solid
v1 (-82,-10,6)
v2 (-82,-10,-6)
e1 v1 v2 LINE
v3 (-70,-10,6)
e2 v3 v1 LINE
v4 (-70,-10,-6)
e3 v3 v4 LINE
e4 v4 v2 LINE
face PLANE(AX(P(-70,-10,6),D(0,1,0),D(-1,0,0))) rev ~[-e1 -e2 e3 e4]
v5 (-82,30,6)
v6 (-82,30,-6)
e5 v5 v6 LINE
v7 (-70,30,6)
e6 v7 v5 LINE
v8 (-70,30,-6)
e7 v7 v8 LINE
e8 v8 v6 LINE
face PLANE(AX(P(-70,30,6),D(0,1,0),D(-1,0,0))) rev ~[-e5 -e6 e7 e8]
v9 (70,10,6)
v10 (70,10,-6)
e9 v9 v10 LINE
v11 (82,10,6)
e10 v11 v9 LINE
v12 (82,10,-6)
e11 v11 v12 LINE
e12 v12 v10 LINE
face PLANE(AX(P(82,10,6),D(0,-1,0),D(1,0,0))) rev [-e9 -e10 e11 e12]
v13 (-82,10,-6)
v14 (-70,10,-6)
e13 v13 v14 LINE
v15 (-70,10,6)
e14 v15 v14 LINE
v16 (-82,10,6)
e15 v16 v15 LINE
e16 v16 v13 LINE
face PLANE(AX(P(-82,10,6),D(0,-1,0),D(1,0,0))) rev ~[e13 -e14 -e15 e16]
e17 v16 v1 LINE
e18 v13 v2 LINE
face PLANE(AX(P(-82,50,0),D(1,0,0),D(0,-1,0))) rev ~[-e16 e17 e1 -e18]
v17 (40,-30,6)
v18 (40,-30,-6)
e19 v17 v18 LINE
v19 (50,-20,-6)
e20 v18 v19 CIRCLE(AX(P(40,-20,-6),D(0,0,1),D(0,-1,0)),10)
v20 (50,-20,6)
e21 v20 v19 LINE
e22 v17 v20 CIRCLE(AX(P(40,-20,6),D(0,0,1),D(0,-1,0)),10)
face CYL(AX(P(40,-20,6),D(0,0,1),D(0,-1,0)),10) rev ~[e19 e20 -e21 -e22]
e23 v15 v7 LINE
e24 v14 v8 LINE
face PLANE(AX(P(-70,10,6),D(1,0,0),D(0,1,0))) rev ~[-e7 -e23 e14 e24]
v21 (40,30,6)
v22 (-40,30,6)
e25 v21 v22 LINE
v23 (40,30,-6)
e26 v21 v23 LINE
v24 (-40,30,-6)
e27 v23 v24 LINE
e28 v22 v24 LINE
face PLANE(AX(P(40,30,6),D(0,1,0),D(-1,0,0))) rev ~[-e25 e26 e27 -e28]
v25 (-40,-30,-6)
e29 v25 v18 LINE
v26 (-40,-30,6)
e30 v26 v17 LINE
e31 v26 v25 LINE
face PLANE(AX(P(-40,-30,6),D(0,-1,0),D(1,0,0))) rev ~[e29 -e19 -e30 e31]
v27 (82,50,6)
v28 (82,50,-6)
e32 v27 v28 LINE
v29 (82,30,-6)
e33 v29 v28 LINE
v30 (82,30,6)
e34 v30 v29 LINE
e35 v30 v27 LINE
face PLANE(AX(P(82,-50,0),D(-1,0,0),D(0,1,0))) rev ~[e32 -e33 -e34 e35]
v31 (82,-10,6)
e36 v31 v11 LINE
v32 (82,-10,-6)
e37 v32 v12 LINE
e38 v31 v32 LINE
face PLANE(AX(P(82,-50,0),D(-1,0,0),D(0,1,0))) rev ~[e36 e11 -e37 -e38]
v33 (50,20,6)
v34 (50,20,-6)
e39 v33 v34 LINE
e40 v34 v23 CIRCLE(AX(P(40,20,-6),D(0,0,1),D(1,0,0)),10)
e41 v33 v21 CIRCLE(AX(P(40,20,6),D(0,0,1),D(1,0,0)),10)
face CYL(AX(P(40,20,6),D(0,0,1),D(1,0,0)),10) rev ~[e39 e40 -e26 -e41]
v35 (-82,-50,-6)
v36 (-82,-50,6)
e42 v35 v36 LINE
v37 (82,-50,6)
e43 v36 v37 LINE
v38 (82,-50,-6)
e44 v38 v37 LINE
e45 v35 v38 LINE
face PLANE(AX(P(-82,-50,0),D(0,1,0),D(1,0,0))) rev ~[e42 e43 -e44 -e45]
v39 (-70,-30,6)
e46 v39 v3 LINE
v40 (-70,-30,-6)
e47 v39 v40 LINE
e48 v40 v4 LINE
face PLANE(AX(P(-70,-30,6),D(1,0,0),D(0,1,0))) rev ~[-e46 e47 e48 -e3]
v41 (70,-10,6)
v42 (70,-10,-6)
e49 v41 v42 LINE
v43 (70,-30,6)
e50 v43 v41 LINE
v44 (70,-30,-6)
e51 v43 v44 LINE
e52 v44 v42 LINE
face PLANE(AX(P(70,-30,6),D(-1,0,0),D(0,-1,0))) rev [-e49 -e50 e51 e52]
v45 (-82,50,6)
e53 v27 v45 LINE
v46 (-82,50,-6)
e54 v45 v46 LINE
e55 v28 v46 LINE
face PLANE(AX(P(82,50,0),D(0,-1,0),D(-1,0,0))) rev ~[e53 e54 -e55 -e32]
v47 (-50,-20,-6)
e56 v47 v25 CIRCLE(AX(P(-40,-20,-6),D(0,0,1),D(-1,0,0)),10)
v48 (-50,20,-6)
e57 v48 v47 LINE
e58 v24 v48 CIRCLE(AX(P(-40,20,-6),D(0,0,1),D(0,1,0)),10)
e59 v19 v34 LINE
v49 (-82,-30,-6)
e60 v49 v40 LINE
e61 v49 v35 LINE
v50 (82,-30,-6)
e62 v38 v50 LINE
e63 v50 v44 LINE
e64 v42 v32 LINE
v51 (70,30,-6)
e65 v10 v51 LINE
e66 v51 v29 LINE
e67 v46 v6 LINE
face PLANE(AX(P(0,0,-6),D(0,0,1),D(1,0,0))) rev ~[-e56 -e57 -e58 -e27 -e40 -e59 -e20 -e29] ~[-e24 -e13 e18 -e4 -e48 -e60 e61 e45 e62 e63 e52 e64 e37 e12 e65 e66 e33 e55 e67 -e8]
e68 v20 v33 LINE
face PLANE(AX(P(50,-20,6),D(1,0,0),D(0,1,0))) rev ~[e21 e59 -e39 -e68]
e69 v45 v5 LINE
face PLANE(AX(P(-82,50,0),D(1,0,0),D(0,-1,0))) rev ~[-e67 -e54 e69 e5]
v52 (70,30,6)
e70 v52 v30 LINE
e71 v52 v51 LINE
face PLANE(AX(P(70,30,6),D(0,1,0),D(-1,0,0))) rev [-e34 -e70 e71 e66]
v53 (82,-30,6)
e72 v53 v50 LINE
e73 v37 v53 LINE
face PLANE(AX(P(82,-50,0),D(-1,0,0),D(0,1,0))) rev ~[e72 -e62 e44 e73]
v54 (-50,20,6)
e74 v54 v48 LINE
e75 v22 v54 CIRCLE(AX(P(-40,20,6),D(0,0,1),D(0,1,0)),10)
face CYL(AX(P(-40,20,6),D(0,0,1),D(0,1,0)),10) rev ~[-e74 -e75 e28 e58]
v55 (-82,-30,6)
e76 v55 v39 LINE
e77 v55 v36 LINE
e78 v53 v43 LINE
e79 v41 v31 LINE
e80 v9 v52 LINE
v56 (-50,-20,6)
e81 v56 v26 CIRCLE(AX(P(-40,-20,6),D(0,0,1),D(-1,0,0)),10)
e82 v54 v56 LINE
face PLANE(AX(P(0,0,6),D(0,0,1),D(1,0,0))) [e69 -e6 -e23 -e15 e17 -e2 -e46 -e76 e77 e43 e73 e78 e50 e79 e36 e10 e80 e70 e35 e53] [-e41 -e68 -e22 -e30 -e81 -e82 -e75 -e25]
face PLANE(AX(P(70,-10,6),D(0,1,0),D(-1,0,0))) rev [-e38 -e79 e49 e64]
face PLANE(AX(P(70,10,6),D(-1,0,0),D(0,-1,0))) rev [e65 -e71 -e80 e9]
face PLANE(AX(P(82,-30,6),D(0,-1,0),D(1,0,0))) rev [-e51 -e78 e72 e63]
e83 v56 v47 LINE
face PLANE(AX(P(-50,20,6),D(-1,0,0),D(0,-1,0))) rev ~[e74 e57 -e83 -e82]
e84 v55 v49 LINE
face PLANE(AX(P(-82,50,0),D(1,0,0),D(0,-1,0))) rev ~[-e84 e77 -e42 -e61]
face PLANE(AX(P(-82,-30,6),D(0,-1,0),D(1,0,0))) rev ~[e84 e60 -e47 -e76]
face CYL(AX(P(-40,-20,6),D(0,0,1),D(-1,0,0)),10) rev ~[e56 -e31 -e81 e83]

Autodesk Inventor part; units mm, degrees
ref_plane "YZ Plane" through (0, 0, 0) normal (1, 0, 0) x (0, 1, 0)
ref_plane "XZ Plane" through (0, 0, 0) normal (0, 1, 0) x (-1, 0, 0)
ref_plane "XY Plane" through (0, 0, 0) normal (0, 0, 1) x (1, 0, 0)
sketch "Sketch1" plane through (0, 0, 0) normal (0, 0, 1) x (1, 0, 0)
  line L0 (-82, -50) -> (82, -50)
  line L1 (82, -50) -> (82, 50)
  line L2 (82, 50) -> (-82, 50)
  line L3 (-82, 50) -> (-82, -50)
  line L4 (-82, -50) -> (82, 50) construction
  line L5 (82, -50) -> (-82, 50) construction
  point P0 (0, 0)
  dimension "d0" = 164
  dimension "d1" = 100
extrude "Extrusion1" add sketch "Sketch1" along normal mid plane 12
sketch "Sketch2" plane through (0, 0, 6) normal (0, 0, 1) x (1, 0, 0)
  line L0 (-82, 50) -> (-82, -50) projected
  line L1 (-82, -30) -> (-70, -30)
  line L2 (-70, -30) -> (-70, -10)
  line L3 (-70, -10) -> (-82, -10)
  line L4 (-82, -10) -> (-82, -30)
  line L5 (-82, -50) -> (82, -50) projected
  line L6 (-82, 10) -> (-70, 10)
  line L7 (-70, 10) -> (-70, 30)
  line L8 (-70, 30) -> (-82, 30)
  line L9 (-82, 30) -> (-82, 10)
  point P0 (0, 0)
  dimension "d4" = 12
  dimension "d5" = 20
  dimension "d6" = 20
  dimension "d7" = 20
  dimension "d8" = 20
extrude "Extrusion2" cut sketch "Sketch2" against normal through all
mirror "Mirror1" about plane through (0, 0, 0) normal (1, 0, 0) of "Extrusion2"
sketch "Sketch3" plane through (0, 0, 6) normal (0, 0, 1) x (1, 0, 0)
  line L0 (-40, -30) -> (40, -30)
  line L1 (50, -20) -> (50, 20)
  line L2 (40, 30) -> (-40, 30)
  line L3 (-50, 20) -> (-50, -20)
  line L4 (-50, -30) -> (50, 30) construction
  line L5 (50, -30) -> (-50, 30) construction
  arc A0 (-40, 30) -> (-50, 20) centre (-40, 20) ccw
  arc A1 (50, 20) -> (40, 30) centre (40, 20) ccw
  arc A2 (40, -30) -> (50, -20) centre (40, -20) ccw
  arc A3 (-50, -20) -> (-40, -30) centre (-40, -20) ccw
  point P0 (0, 0)
  dimension "d11" = 100
  dimension "d12" = 60
  dimension "d13" = 10
  dimension "d14" = 10
extrude "Extrusion3" cut sketch "Sketch3" against normal through all
properties part number "FRONT V2" material "Wood (Cherry)"
